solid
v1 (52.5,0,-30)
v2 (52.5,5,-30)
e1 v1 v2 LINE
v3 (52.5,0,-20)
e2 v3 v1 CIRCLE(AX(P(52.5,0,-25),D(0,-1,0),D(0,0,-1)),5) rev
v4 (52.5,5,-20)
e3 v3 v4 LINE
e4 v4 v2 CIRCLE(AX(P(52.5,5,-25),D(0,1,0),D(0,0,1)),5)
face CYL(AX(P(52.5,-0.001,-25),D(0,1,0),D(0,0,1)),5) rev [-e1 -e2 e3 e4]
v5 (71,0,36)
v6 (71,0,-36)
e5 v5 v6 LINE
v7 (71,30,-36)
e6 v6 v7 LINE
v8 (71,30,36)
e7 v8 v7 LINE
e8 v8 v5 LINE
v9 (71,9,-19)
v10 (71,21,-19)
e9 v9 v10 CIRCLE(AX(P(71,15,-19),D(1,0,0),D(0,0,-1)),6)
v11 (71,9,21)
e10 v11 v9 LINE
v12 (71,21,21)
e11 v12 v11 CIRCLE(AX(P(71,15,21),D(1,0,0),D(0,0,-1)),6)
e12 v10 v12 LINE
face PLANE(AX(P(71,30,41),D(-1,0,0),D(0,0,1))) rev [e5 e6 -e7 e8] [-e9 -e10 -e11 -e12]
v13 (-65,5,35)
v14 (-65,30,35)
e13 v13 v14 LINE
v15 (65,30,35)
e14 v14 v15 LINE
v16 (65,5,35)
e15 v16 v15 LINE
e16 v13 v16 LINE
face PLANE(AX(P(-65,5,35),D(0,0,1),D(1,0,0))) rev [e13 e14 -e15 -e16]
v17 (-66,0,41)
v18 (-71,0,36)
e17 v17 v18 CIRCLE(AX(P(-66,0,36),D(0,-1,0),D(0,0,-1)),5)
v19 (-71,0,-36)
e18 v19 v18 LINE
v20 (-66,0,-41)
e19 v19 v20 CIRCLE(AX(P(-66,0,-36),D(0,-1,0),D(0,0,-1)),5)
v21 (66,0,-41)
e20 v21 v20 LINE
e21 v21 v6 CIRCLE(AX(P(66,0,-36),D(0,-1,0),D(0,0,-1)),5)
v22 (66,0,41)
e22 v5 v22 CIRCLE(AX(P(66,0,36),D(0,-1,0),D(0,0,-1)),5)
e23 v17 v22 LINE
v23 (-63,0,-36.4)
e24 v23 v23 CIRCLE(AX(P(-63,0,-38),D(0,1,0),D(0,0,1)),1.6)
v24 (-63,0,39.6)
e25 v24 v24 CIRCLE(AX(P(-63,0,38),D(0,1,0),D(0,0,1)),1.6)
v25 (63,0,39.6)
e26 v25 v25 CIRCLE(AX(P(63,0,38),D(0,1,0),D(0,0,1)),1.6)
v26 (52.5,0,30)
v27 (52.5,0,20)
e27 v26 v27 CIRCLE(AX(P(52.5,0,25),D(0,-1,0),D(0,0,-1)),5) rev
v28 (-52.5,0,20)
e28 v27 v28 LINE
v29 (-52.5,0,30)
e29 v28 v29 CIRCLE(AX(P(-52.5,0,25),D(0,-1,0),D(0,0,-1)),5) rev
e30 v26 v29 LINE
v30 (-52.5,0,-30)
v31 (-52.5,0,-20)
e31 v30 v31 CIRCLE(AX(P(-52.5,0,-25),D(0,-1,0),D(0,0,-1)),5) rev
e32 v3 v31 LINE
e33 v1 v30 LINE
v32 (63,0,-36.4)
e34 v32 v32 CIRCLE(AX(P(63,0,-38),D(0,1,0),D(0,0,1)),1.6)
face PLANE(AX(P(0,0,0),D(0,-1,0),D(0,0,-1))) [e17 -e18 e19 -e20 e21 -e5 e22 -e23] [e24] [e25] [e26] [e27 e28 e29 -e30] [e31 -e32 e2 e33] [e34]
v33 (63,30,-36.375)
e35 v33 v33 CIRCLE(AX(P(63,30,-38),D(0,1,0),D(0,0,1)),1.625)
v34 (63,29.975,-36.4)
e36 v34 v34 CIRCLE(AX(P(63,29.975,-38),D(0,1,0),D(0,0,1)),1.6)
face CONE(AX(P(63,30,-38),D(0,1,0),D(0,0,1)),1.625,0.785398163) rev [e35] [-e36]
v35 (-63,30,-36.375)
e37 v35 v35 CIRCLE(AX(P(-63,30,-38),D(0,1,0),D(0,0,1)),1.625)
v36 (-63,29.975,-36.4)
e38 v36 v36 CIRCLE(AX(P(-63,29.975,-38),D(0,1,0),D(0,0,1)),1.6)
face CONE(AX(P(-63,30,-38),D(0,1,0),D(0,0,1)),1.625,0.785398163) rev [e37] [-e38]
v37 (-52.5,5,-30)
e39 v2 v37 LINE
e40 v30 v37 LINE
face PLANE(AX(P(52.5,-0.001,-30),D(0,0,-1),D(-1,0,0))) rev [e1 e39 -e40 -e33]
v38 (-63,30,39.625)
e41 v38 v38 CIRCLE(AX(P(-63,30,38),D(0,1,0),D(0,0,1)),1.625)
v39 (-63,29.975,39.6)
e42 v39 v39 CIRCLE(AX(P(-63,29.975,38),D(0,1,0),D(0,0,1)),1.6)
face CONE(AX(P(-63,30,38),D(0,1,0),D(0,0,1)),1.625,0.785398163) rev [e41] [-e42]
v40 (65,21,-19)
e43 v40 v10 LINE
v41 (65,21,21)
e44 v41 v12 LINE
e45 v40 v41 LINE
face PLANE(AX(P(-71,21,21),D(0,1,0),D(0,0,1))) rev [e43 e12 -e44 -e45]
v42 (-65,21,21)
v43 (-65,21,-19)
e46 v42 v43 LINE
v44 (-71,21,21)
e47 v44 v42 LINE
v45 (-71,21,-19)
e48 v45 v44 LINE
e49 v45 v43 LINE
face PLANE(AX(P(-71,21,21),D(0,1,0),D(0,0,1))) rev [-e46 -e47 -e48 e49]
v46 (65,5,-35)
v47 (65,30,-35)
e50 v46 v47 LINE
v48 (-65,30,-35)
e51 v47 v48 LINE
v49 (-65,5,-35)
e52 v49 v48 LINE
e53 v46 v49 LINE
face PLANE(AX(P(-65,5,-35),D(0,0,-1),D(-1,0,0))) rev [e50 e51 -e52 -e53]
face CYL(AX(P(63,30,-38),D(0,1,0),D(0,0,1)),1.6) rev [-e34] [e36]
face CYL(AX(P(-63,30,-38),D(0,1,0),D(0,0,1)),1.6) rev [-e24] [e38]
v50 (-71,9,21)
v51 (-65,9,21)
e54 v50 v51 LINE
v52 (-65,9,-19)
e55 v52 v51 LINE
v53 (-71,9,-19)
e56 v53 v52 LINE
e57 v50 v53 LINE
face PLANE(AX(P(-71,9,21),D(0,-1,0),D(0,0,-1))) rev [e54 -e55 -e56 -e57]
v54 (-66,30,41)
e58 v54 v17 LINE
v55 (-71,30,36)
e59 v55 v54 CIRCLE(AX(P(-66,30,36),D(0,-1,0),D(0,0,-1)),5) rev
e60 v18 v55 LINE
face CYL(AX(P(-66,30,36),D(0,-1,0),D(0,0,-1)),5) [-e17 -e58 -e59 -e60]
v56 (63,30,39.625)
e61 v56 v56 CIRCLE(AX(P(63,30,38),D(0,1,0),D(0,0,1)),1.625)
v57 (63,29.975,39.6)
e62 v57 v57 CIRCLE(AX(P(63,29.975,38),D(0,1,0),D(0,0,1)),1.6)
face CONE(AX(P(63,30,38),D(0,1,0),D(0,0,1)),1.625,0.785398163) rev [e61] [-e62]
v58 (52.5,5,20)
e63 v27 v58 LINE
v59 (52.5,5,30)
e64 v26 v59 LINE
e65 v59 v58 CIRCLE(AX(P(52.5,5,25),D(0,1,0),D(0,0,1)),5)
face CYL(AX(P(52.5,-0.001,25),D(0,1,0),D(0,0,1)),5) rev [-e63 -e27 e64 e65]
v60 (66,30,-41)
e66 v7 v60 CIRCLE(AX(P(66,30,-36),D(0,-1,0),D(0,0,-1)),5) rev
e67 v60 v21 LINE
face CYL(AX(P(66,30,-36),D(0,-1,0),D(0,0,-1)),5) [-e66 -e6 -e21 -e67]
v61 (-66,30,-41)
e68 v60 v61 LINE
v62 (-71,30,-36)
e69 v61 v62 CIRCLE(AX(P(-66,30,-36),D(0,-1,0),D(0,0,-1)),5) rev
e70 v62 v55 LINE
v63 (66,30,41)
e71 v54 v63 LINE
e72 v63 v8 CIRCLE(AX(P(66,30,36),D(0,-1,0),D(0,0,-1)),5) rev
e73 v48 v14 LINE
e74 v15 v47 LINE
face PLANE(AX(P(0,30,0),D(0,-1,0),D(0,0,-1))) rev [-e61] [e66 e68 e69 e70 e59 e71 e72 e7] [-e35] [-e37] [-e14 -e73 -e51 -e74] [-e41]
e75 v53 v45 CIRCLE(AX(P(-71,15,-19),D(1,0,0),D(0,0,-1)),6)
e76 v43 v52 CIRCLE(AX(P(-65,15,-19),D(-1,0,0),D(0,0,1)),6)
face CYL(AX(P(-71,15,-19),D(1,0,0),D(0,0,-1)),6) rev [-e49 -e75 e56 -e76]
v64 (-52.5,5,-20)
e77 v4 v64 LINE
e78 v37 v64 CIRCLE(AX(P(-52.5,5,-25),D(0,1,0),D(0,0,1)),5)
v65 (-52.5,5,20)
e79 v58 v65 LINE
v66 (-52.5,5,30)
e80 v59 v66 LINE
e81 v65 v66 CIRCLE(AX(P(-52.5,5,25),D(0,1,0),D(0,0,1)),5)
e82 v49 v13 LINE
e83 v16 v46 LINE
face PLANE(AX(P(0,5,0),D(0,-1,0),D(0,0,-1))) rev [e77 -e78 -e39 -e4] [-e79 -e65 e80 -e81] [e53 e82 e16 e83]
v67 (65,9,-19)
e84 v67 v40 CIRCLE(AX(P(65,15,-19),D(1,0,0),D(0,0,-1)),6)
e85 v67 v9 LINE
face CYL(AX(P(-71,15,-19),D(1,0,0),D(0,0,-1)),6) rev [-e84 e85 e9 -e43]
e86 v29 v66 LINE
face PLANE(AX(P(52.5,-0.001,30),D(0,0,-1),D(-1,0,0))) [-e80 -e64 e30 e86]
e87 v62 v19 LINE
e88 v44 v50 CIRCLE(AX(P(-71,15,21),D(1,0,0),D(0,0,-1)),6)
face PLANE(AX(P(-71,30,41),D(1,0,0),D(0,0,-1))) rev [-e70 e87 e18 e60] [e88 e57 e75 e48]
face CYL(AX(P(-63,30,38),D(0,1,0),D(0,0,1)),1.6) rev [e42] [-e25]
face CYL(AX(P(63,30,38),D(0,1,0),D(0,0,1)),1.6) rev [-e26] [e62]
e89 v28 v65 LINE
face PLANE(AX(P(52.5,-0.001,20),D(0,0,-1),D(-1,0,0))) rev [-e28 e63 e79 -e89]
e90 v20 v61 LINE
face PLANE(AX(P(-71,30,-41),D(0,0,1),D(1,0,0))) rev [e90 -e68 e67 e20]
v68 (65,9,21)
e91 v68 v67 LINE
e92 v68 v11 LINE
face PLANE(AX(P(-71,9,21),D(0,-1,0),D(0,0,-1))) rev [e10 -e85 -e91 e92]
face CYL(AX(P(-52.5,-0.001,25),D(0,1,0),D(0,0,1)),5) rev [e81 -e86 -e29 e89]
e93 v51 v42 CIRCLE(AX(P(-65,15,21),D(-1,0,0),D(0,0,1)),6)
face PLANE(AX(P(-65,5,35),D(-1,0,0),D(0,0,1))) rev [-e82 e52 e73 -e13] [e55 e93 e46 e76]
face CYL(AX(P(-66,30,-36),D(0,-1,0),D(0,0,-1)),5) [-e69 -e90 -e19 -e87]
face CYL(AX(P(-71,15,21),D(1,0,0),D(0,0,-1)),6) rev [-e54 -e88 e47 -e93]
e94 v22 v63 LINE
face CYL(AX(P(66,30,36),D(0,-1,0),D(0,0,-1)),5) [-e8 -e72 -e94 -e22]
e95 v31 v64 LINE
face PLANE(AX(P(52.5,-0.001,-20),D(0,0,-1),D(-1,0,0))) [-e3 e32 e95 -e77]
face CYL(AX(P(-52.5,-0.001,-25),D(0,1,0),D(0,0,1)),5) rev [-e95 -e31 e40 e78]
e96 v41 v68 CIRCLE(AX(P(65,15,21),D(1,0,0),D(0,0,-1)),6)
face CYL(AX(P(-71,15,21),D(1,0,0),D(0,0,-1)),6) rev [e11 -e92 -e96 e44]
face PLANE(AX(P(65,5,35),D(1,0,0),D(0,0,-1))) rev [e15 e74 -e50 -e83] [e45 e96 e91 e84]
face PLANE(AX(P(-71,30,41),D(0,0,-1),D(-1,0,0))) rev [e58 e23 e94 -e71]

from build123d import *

# Parameters (mm, degrees)
SKETCH1_W                      = 142
SKETCH1_H                      = 82
BOSS_EXTRUDE1_DEPTH            = 30
SKETCH3_W                      = 130
SKETCH3_H                      = 70
CUT_EXTRUDE1_DEPTH             = 25
FILLET1_R                      = 5
M3_CLEARANCE_HOLE1_D           = 3.2
M3_CLEARANCE_HOLE1_CSINK_D     = 3.25
M3_CLEARANCE_HOLE1_CSINK_ANGLE = 90
CUT_EXTRUDE2_REACH             = 7
CUT_EXTRUDE3_DEPTH             = 143


with BuildPart() as part:
    # Sketch1 → Boss-Extrude1 (new body)
    with BuildSketch(Plane(origin=(0, 0, 0), x_dir=(1, 0, 0), z_dir=(0, 1, 0))):
        Rectangle(SKETCH1_W, SKETCH1_H)
    extrude(amount=BOSS_EXTRUDE1_DEPTH)

    # Sketch3 → Cut-Extrude1 (cut)
    with BuildSketch(Plane(origin=(0, 30, 0), x_dir=(1, 0, 0), z_dir=(0, 1, 0))):
        Rectangle(SKETCH3_W, SKETCH3_H)
    extrude(amount=-CUT_EXTRUDE1_DEPTH, mode=Mode.SUBTRACT)

    # Fillet1
    fillet1_edges = [part.edges().sort_by_distance(p)[0] for p in [
        (71, 15, 41),
        (-71, 15, 41),
        (-71, 15, -41),
        (71, 15, -41),
    ]]
    fillet(fillet1_edges, radius=FILLET1_R)

    # M3 Clearance Hole1 (through all)
    with Locations(Plane(origin=(0, 30, 0), x_dir=(1, 0, 0), z_dir=(0, 1, 0))):
        with Locations((63, -38), (63, 38), (-63, 38), (-63, -38)):
            CounterSinkHole(M3_CLEARANCE_HOLE1_D / 2, M3_CLEARANCE_HOLE1_CSINK_D / 2, counter_sink_angle=M3_CLEARANCE_HOLE1_CSINK_ANGLE)

    # Sketch6 → Cut-Extrude2 (cut, up to next)
    with BuildSketch(Plane(origin=(0, 5, 0), x_dir=(1, 0, 0), z_dir=(0, 1, 0)), mode=Mode.PRIVATE) as cut_extrude2_sk1:
        with BuildLine():
            Line((52.5, -30), (-52.5, -30))
            ThreePointArc((-52.5, -30), (-57.5, -25), (-52.5, -20))
            Line((-52.5, -20), (52.5, -20))
            ThreePointArc((52.5, -20), (57.5, -25), (52.5, -30))
        make_face()
    cut_extrude2_tool1 = extrude(cut_extrude2_sk1.sketch, amount=-CUT_EXTRUDE2_REACH, mode=Mode.PRIVATE) & part.part
    add(cut_extrude2_tool1.solids().sort_by_distance((0, 5, 25))[0], mode=Mode.SUBTRACT)
    # Sketch6 → Cut-Extrude2 (cut, up to next)
    with BuildSketch(Plane(origin=(0, 5, 0), x_dir=(1, 0, 0), z_dir=(0, 1, 0)), mode=Mode.PRIVATE) as cut_extrude2_sk2:
        with BuildLine():
            Line((52.5, 20), (-52.5, 20))
            ThreePointArc((-52.5, 20), (-57.5, 25), (-52.5, 30))
            Line((-52.5, 30), (52.5, 30))
            ThreePointArc((52.5, 30), (57.5, 25), (52.5, 20))
        make_face()
    cut_extrude2_tool2 = extrude(cut_extrude2_sk2.sketch, amount=-CUT_EXTRUDE2_REACH, mode=Mode.PRIVATE) & part.part
    add(cut_extrude2_tool2.solids().sort_by_distance((0, 5, -25))[0], mode=Mode.SUBTRACT)

    # Sketch7 → Cut-Extrude3 (cut, through all)
    with BuildSketch(Plane(origin=(71, 0, 0), x_dir=(0, 0, -1), z_dir=(1, 0, 0))):
        with BuildLine():
            Line((-21, 21), (19, 21))
            ThreePointArc((19, 21), (25, 15), (19, 9))
            Line((19, 9), (-21, 9))
            ThreePointArc((-21, 9), (-27, 15), (-21, 21))
        make_face()
    extrude(amount=-CUT_EXTRUDE3_DEPTH, mode=Mode.SUBTRACT)


solid = part.part
